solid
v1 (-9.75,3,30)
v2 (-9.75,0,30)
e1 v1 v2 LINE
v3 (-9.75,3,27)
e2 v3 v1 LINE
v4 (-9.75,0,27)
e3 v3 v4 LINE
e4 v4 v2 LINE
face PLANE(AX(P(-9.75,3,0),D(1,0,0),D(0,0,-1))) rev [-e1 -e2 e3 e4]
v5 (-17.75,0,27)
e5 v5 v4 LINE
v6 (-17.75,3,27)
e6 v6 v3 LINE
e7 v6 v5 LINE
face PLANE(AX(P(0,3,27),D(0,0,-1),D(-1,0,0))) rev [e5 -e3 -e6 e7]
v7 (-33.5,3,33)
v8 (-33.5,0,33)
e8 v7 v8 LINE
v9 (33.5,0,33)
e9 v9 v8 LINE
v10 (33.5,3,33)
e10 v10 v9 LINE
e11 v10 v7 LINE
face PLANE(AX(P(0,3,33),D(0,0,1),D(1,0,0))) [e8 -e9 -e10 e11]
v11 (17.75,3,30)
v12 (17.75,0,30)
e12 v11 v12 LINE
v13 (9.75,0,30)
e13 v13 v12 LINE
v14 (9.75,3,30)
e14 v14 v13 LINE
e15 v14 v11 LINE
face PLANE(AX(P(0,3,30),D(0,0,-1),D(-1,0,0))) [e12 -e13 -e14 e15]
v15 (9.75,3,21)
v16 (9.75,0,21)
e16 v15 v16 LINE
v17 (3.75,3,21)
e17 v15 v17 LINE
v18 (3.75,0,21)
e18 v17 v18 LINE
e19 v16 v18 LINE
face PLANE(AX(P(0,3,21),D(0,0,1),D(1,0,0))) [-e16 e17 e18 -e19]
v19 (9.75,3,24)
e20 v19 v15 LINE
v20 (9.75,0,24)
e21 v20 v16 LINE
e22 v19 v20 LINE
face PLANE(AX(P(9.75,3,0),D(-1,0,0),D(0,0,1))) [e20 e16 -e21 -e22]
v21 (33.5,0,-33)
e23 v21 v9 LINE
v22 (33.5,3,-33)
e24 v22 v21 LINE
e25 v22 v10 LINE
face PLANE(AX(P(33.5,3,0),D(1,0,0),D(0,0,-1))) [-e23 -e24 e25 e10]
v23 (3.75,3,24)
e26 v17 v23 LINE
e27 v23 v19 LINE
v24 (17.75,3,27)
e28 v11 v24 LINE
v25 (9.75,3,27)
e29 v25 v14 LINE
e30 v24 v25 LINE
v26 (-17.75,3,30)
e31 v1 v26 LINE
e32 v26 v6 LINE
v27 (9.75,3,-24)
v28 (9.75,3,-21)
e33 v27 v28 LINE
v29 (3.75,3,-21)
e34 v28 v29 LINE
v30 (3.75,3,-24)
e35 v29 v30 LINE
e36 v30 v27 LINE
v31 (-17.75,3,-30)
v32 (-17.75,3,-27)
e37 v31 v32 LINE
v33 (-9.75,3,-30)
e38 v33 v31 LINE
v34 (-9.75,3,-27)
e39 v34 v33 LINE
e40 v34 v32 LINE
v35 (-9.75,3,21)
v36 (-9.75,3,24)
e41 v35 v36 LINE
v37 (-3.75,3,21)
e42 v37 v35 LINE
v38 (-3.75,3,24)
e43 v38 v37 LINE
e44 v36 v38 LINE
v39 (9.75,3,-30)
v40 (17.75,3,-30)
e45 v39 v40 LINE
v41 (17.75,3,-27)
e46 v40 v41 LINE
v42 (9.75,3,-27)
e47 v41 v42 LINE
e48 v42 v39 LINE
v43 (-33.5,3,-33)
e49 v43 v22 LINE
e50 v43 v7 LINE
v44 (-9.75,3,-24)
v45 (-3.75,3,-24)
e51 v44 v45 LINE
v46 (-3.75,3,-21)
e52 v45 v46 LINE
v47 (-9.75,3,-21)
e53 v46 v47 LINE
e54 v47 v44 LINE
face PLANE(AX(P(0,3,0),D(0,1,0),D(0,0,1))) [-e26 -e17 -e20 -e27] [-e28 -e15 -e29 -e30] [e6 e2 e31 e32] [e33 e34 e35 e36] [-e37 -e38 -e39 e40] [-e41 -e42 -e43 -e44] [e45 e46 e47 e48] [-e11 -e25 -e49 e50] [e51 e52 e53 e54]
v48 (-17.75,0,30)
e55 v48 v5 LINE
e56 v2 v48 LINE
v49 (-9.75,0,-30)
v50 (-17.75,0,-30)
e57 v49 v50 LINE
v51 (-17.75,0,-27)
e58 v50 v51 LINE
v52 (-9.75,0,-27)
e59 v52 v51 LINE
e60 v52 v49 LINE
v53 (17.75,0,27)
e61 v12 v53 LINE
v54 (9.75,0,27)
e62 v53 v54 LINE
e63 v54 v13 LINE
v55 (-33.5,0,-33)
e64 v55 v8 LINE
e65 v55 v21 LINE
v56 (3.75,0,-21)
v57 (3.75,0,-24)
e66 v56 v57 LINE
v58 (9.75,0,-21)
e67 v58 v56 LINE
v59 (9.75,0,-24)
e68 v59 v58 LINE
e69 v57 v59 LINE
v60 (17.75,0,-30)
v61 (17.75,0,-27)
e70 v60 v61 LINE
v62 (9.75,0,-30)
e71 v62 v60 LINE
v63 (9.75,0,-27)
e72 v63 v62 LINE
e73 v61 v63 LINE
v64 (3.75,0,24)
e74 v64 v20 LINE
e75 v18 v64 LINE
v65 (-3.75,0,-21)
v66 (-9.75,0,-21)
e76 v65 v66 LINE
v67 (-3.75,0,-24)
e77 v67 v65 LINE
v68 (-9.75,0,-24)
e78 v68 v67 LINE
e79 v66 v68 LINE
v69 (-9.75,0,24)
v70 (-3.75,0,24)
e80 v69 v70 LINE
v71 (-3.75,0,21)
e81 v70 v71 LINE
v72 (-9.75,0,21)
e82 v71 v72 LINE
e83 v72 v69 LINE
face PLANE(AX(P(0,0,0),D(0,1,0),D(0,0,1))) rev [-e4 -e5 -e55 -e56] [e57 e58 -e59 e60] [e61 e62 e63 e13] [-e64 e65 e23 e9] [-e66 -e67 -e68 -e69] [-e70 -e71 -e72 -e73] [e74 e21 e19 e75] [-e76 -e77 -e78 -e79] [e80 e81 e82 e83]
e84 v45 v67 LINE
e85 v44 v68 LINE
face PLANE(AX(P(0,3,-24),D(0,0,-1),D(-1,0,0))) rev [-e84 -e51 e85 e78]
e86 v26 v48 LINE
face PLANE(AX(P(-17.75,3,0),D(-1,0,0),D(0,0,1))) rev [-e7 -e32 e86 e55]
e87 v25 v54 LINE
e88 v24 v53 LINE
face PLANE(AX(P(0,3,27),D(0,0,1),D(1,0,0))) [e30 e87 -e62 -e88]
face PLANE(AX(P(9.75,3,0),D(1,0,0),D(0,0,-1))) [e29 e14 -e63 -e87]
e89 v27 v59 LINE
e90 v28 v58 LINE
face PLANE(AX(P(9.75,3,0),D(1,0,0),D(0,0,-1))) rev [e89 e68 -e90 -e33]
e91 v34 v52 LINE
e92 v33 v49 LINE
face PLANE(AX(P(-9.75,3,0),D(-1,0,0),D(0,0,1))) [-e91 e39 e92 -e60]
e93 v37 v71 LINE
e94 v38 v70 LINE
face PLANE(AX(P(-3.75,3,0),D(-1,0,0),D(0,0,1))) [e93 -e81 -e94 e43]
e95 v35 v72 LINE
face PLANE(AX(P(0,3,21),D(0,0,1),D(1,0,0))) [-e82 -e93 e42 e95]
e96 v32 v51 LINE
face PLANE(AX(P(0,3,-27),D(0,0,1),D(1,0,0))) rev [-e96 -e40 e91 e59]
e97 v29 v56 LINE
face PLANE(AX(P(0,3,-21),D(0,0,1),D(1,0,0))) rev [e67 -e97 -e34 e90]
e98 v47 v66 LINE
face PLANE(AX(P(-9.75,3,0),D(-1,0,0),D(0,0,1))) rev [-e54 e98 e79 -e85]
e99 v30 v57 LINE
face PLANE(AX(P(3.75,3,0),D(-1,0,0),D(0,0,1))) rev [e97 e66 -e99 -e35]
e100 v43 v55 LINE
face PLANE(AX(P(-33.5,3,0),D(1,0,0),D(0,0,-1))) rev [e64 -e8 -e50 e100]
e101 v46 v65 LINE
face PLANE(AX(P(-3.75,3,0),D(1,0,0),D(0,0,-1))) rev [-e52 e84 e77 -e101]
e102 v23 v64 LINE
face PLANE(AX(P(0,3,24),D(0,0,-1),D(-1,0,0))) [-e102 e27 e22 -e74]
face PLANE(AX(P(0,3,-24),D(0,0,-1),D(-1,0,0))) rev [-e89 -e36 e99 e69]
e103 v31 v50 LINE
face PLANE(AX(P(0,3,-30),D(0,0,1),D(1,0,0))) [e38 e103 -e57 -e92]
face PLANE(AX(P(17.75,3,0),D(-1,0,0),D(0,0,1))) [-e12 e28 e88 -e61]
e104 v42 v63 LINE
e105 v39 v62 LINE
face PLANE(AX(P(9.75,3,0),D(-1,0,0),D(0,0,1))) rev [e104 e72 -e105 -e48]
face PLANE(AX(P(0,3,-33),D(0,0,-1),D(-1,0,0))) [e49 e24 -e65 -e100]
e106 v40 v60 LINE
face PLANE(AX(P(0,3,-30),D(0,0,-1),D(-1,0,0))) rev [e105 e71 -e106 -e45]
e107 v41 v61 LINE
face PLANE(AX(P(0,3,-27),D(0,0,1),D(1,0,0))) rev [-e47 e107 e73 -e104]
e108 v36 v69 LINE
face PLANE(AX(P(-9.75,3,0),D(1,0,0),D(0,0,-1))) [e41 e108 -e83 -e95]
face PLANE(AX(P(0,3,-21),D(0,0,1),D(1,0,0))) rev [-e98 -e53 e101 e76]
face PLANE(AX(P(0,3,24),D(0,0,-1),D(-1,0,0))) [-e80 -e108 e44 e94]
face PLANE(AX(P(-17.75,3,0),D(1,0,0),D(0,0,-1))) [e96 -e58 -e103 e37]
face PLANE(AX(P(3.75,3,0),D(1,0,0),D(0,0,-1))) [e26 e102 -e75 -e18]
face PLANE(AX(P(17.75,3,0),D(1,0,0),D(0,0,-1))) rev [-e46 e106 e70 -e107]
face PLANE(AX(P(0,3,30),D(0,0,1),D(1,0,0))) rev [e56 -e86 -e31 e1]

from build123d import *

# Parameters (mm, degrees)
ESBO_O1_W                = 6
ESBO_O1_H                = 3
RESSALTO_EXTRUS_O1_DEPTH = 3


with BuildPart() as part:
    # Esboço1 → Ressalto-extrusão1 (new body)
    with BuildSketch(Plane(origin=(0, 0, 0), x_dir=(1, 0, 0), z_dir=(0, 1, 0))):
        Polygon((-33.5, 28), (-33.5, -27.5), (-33.5, -28), (-33.5, -33), (-9.75, -33), (33.5, -33), (33.5, -28), (33.5, -27.5), (33.5, 28), (33.5, 33), (-9.75, 33), (-33.5, 33), align=None)
        Polygon((-16.929303449, -27), (-9.75, -27), (-9.75, -28.5), (-9.75, -30), (-17.75, -30), (-17.75, -27), align=None, mode=Mode.SUBTRACT)
        with Locations((-6.75, -22.5)):
            Rectangle(ESBO_O1_W, ESBO_O1_H, mode=Mode.SUBTRACT)
        Polygon((9.75, -28.5), (9.75, -27), (17.75, -27), (17.75, -30), (9.75, -30), align=None, mode=Mode.SUBTRACT)
        with Locations((6.75, -22.5)):
            Rectangle(ESBO_O1_W, ESBO_O1_H, mode=Mode.SUBTRACT)
        with Locations((-6.75, 22.5)):
            Rectangle(ESBO_O1_W, ESBO_O1_H, mode=Mode.SUBTRACT)
        Polygon((-9.75, 28.5), (-9.75, 27), (-16.929303449, 27), (-17.75, 27), (-17.75, 30), (-9.75, 30), align=None, mode=Mode.SUBTRACT)
        with Locations((6.75, 22.5)):
            Rectangle(ESBO_O1_W, ESBO_O1_H, mode=Mode.SUBTRACT)
        Polygon((9.75, 27), (9.75, 28.5), (9.75, 30), (17.75, 30), (17.75, 27), align=None, mode=Mode.SUBTRACT)
    extrude(amount=RESSALTO_EXTRUS_O1_DEPTH)


solid = part.part
